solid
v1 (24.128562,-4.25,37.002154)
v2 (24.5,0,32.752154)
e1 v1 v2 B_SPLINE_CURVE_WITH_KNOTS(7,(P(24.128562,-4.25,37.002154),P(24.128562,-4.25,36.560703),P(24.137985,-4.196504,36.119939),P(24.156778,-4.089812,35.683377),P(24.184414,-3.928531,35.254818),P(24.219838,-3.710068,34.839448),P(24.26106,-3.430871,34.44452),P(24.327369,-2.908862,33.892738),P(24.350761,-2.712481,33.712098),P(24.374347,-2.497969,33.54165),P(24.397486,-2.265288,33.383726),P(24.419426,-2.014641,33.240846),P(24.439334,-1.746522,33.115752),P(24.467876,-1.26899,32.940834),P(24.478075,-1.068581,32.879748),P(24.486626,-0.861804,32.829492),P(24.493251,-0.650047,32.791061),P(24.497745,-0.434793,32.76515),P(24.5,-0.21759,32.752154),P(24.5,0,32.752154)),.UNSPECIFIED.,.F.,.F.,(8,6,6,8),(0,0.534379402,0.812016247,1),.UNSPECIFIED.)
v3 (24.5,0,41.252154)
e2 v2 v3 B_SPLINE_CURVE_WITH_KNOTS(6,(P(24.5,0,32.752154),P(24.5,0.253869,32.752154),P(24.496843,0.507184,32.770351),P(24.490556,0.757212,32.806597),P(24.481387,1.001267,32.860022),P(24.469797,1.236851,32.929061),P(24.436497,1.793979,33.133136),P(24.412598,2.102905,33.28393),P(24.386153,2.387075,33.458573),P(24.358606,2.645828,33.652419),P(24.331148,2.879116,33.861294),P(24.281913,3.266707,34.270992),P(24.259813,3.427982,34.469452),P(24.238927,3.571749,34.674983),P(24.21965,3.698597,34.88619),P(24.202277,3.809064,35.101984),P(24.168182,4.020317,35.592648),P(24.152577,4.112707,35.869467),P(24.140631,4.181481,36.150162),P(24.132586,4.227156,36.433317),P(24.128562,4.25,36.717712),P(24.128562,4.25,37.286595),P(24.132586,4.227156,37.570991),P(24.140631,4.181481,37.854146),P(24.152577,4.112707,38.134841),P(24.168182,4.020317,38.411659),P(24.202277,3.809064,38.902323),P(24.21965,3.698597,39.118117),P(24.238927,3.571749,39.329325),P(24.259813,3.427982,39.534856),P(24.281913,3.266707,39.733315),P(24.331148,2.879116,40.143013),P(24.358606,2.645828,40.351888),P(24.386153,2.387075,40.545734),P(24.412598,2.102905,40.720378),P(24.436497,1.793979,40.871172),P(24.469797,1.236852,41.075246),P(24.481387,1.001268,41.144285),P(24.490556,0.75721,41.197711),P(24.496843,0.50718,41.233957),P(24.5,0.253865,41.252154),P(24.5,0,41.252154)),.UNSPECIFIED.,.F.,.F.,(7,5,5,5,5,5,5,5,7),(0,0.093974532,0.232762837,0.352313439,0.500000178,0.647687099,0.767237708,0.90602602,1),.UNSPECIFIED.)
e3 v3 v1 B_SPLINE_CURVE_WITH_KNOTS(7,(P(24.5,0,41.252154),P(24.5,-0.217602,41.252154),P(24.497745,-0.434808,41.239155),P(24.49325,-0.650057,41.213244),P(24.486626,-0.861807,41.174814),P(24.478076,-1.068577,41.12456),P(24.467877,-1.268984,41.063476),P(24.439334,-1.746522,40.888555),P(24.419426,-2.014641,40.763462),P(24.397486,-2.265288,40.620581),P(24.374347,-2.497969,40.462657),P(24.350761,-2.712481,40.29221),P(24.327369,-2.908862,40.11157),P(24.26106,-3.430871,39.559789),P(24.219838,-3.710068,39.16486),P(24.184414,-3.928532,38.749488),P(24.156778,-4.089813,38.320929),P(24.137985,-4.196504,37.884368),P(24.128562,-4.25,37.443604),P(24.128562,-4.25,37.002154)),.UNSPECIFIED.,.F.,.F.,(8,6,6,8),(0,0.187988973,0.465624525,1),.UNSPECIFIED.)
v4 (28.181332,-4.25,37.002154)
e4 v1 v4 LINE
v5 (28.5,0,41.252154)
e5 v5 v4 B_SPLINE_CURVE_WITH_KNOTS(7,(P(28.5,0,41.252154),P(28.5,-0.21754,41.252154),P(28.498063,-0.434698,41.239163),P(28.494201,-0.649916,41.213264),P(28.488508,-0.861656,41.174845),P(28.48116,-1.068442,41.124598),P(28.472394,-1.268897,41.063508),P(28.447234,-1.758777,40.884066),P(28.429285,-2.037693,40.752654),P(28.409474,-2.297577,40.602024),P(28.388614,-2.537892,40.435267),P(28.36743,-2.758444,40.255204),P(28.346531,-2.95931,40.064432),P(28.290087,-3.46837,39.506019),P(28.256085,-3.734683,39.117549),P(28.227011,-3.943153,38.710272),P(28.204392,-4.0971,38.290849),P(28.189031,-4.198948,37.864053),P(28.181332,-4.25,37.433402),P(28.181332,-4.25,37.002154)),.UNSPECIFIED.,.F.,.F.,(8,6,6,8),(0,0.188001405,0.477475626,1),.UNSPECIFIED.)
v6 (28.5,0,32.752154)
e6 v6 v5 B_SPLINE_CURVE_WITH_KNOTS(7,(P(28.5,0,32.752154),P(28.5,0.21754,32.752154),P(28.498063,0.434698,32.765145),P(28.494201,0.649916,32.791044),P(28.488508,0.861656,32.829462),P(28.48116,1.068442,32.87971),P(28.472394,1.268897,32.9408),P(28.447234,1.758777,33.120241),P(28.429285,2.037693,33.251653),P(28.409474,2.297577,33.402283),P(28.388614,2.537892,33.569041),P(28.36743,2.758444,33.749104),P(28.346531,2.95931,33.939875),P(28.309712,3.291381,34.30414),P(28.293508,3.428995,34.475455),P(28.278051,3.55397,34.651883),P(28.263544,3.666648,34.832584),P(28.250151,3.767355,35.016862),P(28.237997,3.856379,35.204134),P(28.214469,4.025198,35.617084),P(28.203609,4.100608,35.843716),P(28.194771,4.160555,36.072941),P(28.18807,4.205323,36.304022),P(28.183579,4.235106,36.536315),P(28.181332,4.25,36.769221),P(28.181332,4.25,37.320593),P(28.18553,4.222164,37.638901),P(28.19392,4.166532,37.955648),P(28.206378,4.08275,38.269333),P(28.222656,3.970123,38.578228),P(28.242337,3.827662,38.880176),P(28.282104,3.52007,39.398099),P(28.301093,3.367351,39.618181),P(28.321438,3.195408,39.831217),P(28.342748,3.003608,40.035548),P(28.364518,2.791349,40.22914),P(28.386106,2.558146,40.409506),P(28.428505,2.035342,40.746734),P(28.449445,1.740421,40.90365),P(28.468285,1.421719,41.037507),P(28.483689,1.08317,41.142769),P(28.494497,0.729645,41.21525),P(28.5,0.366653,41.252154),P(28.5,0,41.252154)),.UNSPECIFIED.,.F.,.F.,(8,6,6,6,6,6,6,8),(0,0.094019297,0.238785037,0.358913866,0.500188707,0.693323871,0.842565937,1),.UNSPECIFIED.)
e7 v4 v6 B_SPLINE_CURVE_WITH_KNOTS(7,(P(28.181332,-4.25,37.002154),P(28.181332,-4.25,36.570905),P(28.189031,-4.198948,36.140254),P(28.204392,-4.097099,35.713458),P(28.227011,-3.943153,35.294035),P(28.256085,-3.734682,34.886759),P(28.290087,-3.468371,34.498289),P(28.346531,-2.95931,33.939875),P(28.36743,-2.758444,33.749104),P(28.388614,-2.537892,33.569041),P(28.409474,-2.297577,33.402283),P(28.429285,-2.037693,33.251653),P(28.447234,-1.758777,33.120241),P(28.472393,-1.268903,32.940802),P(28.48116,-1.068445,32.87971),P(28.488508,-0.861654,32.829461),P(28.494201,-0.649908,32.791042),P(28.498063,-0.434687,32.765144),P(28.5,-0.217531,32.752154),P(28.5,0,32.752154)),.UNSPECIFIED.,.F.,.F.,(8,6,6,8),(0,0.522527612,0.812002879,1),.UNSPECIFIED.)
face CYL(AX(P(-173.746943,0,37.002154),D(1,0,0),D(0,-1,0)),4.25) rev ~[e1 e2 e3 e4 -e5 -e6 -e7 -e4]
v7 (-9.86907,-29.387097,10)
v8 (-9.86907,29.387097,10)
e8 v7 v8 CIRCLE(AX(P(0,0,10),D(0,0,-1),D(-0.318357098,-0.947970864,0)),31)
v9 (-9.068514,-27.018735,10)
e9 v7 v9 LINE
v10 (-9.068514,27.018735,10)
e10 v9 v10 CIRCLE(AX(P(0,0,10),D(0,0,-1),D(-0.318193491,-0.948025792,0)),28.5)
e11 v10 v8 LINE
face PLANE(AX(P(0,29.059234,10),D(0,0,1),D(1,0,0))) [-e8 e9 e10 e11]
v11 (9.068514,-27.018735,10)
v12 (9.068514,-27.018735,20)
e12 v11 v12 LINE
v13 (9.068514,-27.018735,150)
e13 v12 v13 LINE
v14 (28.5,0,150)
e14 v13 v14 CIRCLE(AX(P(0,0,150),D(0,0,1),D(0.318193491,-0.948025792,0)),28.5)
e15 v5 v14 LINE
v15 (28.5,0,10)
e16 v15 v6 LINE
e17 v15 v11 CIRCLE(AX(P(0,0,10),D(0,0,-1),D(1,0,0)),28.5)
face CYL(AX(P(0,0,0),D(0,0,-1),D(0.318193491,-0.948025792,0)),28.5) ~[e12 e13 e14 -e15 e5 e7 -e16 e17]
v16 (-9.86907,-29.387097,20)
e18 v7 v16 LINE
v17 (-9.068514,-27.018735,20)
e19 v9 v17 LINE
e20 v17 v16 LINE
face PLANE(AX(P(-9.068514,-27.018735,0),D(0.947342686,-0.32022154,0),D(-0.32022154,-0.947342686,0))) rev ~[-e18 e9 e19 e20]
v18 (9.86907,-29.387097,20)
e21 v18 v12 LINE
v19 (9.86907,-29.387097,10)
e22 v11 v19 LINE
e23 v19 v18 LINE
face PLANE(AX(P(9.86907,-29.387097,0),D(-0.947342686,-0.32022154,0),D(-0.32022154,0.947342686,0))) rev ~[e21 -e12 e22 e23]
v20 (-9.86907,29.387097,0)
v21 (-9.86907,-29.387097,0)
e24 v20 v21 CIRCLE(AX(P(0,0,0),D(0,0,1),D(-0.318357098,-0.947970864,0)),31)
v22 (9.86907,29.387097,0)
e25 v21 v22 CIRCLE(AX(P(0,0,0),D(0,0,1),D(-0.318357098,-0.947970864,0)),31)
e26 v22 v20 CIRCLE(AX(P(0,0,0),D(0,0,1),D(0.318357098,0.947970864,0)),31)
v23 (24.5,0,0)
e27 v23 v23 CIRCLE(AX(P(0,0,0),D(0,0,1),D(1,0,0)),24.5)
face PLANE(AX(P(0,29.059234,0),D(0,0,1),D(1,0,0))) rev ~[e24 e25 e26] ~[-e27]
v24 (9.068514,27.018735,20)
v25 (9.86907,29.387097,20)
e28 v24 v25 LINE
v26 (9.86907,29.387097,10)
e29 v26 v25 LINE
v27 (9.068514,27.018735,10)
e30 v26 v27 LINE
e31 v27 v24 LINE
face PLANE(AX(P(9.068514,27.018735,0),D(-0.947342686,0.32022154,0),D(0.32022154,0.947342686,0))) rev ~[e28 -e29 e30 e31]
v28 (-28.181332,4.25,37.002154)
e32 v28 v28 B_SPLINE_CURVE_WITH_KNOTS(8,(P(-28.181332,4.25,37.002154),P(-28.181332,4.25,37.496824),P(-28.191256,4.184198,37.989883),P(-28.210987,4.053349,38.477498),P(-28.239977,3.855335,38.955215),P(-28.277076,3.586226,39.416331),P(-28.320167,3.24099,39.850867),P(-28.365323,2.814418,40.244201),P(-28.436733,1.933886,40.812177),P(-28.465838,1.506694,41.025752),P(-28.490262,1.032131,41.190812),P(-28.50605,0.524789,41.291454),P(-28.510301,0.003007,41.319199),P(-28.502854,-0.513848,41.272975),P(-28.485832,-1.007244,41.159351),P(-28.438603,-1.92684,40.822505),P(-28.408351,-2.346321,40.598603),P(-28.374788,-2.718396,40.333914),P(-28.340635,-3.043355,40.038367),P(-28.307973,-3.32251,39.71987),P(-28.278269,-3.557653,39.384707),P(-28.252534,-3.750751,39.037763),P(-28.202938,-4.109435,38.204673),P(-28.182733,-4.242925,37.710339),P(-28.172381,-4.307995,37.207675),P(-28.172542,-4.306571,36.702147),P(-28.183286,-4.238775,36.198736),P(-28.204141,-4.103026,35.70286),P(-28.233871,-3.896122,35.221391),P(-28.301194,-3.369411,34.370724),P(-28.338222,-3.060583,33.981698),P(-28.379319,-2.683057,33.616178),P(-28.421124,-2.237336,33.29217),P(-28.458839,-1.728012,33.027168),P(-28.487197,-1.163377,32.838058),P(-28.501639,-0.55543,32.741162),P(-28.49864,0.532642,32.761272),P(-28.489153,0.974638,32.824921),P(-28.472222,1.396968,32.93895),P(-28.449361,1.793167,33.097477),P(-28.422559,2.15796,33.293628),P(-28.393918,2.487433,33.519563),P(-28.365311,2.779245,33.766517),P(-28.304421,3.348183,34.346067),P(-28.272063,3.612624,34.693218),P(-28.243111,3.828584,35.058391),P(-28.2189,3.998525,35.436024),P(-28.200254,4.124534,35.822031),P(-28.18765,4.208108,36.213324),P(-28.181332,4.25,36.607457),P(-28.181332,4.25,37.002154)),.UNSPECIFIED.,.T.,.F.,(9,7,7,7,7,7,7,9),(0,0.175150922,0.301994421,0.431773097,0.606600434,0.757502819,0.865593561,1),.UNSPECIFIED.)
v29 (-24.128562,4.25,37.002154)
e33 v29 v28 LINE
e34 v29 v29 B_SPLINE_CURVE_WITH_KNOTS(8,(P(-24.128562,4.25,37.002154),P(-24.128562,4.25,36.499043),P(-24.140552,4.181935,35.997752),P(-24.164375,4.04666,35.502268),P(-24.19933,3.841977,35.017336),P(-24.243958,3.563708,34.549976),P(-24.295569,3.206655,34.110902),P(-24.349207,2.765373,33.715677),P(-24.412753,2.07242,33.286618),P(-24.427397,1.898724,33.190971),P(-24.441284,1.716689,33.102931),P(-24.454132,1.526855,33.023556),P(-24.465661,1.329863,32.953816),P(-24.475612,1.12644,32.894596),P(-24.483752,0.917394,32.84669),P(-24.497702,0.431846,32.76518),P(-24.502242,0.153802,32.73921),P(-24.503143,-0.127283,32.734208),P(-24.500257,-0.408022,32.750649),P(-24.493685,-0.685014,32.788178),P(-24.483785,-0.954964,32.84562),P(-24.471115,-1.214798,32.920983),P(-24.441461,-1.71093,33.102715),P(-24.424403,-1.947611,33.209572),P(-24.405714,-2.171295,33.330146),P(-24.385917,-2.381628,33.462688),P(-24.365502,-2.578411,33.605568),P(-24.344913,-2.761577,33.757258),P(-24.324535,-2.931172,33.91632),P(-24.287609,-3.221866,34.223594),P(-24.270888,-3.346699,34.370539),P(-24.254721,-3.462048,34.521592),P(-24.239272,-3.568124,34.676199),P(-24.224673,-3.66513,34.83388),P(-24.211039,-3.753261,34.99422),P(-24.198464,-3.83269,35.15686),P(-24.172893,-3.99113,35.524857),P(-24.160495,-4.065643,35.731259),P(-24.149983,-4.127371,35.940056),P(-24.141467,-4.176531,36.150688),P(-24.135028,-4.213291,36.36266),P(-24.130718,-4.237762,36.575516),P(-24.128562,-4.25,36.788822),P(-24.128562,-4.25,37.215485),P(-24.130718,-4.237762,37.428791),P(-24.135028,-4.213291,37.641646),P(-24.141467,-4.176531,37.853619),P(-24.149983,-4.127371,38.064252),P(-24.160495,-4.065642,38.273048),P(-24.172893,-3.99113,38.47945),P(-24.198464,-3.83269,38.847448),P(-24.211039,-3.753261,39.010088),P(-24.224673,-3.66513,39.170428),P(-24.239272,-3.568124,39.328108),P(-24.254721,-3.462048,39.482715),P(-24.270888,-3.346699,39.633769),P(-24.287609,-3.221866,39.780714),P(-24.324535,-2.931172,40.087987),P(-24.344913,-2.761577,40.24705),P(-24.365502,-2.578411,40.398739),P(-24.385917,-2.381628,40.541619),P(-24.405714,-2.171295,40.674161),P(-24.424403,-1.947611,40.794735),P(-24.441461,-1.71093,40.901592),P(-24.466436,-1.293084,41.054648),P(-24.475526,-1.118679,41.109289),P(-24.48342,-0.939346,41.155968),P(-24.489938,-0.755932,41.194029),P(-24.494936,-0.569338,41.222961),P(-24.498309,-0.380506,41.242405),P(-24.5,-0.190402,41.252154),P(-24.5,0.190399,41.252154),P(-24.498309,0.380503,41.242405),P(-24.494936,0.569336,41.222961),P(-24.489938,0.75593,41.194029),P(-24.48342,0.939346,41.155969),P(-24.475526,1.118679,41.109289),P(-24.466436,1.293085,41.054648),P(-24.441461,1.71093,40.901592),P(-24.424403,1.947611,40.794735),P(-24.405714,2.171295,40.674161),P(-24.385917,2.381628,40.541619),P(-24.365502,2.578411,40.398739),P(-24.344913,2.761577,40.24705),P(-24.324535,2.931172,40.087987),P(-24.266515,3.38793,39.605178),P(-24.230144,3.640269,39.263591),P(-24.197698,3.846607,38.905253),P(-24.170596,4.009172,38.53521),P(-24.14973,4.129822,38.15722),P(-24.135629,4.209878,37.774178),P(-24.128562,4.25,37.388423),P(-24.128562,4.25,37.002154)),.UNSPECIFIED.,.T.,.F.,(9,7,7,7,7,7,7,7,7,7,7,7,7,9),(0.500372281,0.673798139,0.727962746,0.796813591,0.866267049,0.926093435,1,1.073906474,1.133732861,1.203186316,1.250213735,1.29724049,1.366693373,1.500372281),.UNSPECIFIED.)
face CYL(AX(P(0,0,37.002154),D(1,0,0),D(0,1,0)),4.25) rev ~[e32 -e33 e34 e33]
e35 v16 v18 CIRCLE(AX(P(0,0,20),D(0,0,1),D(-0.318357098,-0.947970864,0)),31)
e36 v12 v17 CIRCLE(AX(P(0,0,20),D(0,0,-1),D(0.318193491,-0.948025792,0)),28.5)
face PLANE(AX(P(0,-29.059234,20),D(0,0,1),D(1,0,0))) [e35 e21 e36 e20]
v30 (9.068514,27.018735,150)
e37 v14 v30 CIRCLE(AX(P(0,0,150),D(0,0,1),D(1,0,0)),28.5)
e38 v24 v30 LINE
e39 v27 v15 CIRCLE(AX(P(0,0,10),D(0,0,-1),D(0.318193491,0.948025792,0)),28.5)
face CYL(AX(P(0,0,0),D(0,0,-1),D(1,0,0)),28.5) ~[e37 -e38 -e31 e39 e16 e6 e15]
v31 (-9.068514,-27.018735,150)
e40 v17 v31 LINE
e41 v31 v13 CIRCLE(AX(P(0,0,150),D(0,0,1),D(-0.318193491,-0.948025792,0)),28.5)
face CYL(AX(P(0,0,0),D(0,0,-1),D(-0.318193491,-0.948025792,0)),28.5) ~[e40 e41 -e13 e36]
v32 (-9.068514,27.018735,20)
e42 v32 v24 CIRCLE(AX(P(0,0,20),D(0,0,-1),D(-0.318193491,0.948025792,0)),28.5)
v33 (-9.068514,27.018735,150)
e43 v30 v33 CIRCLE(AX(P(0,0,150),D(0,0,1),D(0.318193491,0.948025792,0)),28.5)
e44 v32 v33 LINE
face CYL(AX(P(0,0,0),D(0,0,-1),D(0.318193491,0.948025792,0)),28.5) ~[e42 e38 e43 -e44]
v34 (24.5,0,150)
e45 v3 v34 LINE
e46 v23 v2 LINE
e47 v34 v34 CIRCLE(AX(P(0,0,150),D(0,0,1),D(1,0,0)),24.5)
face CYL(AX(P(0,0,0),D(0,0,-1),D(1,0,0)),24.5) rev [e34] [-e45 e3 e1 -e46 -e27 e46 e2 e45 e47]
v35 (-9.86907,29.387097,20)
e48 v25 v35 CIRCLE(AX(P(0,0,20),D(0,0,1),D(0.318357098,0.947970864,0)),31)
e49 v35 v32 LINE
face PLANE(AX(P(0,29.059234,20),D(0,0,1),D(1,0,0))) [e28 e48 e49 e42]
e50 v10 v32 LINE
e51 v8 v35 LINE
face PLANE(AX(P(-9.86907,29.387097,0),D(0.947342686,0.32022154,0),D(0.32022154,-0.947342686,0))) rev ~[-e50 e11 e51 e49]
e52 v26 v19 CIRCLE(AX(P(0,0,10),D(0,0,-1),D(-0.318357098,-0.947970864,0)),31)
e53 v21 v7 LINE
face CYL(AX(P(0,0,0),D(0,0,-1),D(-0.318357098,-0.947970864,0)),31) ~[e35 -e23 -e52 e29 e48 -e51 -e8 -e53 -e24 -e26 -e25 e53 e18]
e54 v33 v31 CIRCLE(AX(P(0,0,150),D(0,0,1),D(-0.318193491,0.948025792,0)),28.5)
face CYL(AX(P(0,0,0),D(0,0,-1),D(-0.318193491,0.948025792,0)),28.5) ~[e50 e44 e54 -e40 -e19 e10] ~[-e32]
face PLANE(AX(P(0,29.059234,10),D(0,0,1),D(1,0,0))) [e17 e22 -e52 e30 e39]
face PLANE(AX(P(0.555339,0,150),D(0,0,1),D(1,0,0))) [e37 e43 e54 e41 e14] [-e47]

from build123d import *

# Parameters (mm, degrees)
F1_DEPTH = 10
F0_R     = 24.5
F2_DEPTH = 150
F4_D     = 8.5
F4_DEPTH = 31.001
F5_D     = 8.5
F6_DEPTH = 20
F7_DEPTH = 20


with BuildPart() as f1:
    # F0 (on Top) → F1 (new body)
    with BuildSketch(Plane.XY):
        with BuildLine():
            ThreePointArc((-9.06851449, 27.018735073), (0, 28.5), (9.06851449, 27.018735073))
            Line((9.06851449, 27.018735073), (9.8690700263, 29.3870967742))
            ThreePointArc((9.8690700263, 29.3870967742), (0, 31), (-9.8690700263, 29.3870967742))
            Line((-9.8690700263, 29.3870967742), (-9.06851449, 27.018735073))
        make_face()
        with BuildLine():
            ThreePointArc((-9.06851449, -27.018735073), (-28.5, 0), (-9.06851449, 27.018735073))
            Line((-9.06851449, 27.018735073), (-9.8690700263, 29.3870967742))
            ThreePointArc((-9.8690700263, 29.3870967742), (-31, 0), (-9.8690700263, -29.3870967742))
            Line((-9.8690700263, -29.3870967742), (-9.06851449, -27.018735073))
        make_face()
        with BuildLine():
            Line((9.8690700263, -29.3870967742), (9.06851449, -27.018735073))
            ThreePointArc((9.06851449, -27.018735073), (0, -28.5), (-9.06851449, -27.018735073))
            Line((-9.06851449, -27.018735073), (-9.8690700263, -29.3870967742))
            ThreePointArc((-9.8690700263, -29.3870967742), (0, -31), (9.8690700263, -29.3870967742))
        make_face()
        with BuildLine():
            ThreePointArc((9.06851449, 27.018735073), (23.1376604583, 16.6402724893), (28.5, 0))
            ThreePointArc((28.5, 0), (23.1376604583, -16.6402724893), (9.06851449, -27.018735073))
            Line((9.06851449, -27.018735073), (9.8690700263, -29.3870967742))
            ThreePointArc((9.8690700263, -29.3870967742), (25.1688415587, -18.0977737469), (31, 0))
            ThreePointArc((31, 0), (25.1688415587, 18.0977737469), (9.8690700263, 29.3870967742))
            Line((9.8690700263, 29.3870967742), (9.06851449, 27.018735073))
        make_face()
    extrude(amount=F1_DEPTH)

    # F0 (on Top) → F2 (join)
    with BuildSketch(Plane.XY):
        with BuildLine():
            ThreePointArc((9.06851449, -27.018735073), (23.1376604583, -16.6402724893), (28.5, 0))
            ThreePointArc((28.5, 0), (23.1376604583, 16.6402724893), (9.06851449, 27.018735073))
            ThreePointArc((9.06851449, 27.018735073), (0, 28.5), (-9.06851449, 27.018735073))
            ThreePointArc((-9.06851449, 27.018735073), (-28.5, 0), (-9.06851449, -27.018735073))
            ThreePointArc((-9.06851449, -27.018735073), (0, -28.5), (9.06851449, -27.018735073))
        make_face()
        Circle(F0_R, mode=Mode.SUBTRACT)
    extrude(amount=F2_DEPTH)

    # F4 (through all, one way)
    with BuildSketch(Plane.YZ):
        with Locations((0, 37.0021536946)):
            Circle(F4_D / 2)
    extrude(amount=-F4_DEPTH, mode=Mode.SUBTRACT)

    # F5 (through all)
    with Locations(Plane(origin=(0, 0, 0), x_dir=(0, 1, 0), z_dir=(-1, 0, 0))):
        with Locations((0, -37.0021536946)):
            Hole(F5_D / 2)

    # F0 (on Top) → F6 (join)
    with BuildSketch(Plane.XY):
        with BuildLine():
            ThreePointArc((-9.06851449, 27.018735073), (0, 28.5), (9.06851449, 27.018735073))
            Line((9.06851449, 27.018735073), (9.8690700263, 29.3870967742))
            ThreePointArc((9.8690700263, 29.3870967742), (0, 31), (-9.8690700263, 29.3870967742))
            Line((-9.8690700263, 29.3870967742), (-9.06851449, 27.018735073))
        make_face()
    extrude(amount=F6_DEPTH)

    # F0 (on Top) → F7 (join)
    with BuildSketch(Plane.XY):
        with BuildLine():
            Line((9.8690700263, -29.3870967742), (9.06851449, -27.018735073))
            ThreePointArc((9.06851449, -27.018735073), (0, -28.5), (-9.06851449, -27.018735073))
            Line((-9.06851449, -27.018735073), (-9.8690700263, -29.3870967742))
            ThreePointArc((-9.8690700263, -29.3870967742), (0, -31), (9.8690700263, -29.3870967742))
        make_face()
    extrude(amount=F7_DEPTH)


solid = f1.part
